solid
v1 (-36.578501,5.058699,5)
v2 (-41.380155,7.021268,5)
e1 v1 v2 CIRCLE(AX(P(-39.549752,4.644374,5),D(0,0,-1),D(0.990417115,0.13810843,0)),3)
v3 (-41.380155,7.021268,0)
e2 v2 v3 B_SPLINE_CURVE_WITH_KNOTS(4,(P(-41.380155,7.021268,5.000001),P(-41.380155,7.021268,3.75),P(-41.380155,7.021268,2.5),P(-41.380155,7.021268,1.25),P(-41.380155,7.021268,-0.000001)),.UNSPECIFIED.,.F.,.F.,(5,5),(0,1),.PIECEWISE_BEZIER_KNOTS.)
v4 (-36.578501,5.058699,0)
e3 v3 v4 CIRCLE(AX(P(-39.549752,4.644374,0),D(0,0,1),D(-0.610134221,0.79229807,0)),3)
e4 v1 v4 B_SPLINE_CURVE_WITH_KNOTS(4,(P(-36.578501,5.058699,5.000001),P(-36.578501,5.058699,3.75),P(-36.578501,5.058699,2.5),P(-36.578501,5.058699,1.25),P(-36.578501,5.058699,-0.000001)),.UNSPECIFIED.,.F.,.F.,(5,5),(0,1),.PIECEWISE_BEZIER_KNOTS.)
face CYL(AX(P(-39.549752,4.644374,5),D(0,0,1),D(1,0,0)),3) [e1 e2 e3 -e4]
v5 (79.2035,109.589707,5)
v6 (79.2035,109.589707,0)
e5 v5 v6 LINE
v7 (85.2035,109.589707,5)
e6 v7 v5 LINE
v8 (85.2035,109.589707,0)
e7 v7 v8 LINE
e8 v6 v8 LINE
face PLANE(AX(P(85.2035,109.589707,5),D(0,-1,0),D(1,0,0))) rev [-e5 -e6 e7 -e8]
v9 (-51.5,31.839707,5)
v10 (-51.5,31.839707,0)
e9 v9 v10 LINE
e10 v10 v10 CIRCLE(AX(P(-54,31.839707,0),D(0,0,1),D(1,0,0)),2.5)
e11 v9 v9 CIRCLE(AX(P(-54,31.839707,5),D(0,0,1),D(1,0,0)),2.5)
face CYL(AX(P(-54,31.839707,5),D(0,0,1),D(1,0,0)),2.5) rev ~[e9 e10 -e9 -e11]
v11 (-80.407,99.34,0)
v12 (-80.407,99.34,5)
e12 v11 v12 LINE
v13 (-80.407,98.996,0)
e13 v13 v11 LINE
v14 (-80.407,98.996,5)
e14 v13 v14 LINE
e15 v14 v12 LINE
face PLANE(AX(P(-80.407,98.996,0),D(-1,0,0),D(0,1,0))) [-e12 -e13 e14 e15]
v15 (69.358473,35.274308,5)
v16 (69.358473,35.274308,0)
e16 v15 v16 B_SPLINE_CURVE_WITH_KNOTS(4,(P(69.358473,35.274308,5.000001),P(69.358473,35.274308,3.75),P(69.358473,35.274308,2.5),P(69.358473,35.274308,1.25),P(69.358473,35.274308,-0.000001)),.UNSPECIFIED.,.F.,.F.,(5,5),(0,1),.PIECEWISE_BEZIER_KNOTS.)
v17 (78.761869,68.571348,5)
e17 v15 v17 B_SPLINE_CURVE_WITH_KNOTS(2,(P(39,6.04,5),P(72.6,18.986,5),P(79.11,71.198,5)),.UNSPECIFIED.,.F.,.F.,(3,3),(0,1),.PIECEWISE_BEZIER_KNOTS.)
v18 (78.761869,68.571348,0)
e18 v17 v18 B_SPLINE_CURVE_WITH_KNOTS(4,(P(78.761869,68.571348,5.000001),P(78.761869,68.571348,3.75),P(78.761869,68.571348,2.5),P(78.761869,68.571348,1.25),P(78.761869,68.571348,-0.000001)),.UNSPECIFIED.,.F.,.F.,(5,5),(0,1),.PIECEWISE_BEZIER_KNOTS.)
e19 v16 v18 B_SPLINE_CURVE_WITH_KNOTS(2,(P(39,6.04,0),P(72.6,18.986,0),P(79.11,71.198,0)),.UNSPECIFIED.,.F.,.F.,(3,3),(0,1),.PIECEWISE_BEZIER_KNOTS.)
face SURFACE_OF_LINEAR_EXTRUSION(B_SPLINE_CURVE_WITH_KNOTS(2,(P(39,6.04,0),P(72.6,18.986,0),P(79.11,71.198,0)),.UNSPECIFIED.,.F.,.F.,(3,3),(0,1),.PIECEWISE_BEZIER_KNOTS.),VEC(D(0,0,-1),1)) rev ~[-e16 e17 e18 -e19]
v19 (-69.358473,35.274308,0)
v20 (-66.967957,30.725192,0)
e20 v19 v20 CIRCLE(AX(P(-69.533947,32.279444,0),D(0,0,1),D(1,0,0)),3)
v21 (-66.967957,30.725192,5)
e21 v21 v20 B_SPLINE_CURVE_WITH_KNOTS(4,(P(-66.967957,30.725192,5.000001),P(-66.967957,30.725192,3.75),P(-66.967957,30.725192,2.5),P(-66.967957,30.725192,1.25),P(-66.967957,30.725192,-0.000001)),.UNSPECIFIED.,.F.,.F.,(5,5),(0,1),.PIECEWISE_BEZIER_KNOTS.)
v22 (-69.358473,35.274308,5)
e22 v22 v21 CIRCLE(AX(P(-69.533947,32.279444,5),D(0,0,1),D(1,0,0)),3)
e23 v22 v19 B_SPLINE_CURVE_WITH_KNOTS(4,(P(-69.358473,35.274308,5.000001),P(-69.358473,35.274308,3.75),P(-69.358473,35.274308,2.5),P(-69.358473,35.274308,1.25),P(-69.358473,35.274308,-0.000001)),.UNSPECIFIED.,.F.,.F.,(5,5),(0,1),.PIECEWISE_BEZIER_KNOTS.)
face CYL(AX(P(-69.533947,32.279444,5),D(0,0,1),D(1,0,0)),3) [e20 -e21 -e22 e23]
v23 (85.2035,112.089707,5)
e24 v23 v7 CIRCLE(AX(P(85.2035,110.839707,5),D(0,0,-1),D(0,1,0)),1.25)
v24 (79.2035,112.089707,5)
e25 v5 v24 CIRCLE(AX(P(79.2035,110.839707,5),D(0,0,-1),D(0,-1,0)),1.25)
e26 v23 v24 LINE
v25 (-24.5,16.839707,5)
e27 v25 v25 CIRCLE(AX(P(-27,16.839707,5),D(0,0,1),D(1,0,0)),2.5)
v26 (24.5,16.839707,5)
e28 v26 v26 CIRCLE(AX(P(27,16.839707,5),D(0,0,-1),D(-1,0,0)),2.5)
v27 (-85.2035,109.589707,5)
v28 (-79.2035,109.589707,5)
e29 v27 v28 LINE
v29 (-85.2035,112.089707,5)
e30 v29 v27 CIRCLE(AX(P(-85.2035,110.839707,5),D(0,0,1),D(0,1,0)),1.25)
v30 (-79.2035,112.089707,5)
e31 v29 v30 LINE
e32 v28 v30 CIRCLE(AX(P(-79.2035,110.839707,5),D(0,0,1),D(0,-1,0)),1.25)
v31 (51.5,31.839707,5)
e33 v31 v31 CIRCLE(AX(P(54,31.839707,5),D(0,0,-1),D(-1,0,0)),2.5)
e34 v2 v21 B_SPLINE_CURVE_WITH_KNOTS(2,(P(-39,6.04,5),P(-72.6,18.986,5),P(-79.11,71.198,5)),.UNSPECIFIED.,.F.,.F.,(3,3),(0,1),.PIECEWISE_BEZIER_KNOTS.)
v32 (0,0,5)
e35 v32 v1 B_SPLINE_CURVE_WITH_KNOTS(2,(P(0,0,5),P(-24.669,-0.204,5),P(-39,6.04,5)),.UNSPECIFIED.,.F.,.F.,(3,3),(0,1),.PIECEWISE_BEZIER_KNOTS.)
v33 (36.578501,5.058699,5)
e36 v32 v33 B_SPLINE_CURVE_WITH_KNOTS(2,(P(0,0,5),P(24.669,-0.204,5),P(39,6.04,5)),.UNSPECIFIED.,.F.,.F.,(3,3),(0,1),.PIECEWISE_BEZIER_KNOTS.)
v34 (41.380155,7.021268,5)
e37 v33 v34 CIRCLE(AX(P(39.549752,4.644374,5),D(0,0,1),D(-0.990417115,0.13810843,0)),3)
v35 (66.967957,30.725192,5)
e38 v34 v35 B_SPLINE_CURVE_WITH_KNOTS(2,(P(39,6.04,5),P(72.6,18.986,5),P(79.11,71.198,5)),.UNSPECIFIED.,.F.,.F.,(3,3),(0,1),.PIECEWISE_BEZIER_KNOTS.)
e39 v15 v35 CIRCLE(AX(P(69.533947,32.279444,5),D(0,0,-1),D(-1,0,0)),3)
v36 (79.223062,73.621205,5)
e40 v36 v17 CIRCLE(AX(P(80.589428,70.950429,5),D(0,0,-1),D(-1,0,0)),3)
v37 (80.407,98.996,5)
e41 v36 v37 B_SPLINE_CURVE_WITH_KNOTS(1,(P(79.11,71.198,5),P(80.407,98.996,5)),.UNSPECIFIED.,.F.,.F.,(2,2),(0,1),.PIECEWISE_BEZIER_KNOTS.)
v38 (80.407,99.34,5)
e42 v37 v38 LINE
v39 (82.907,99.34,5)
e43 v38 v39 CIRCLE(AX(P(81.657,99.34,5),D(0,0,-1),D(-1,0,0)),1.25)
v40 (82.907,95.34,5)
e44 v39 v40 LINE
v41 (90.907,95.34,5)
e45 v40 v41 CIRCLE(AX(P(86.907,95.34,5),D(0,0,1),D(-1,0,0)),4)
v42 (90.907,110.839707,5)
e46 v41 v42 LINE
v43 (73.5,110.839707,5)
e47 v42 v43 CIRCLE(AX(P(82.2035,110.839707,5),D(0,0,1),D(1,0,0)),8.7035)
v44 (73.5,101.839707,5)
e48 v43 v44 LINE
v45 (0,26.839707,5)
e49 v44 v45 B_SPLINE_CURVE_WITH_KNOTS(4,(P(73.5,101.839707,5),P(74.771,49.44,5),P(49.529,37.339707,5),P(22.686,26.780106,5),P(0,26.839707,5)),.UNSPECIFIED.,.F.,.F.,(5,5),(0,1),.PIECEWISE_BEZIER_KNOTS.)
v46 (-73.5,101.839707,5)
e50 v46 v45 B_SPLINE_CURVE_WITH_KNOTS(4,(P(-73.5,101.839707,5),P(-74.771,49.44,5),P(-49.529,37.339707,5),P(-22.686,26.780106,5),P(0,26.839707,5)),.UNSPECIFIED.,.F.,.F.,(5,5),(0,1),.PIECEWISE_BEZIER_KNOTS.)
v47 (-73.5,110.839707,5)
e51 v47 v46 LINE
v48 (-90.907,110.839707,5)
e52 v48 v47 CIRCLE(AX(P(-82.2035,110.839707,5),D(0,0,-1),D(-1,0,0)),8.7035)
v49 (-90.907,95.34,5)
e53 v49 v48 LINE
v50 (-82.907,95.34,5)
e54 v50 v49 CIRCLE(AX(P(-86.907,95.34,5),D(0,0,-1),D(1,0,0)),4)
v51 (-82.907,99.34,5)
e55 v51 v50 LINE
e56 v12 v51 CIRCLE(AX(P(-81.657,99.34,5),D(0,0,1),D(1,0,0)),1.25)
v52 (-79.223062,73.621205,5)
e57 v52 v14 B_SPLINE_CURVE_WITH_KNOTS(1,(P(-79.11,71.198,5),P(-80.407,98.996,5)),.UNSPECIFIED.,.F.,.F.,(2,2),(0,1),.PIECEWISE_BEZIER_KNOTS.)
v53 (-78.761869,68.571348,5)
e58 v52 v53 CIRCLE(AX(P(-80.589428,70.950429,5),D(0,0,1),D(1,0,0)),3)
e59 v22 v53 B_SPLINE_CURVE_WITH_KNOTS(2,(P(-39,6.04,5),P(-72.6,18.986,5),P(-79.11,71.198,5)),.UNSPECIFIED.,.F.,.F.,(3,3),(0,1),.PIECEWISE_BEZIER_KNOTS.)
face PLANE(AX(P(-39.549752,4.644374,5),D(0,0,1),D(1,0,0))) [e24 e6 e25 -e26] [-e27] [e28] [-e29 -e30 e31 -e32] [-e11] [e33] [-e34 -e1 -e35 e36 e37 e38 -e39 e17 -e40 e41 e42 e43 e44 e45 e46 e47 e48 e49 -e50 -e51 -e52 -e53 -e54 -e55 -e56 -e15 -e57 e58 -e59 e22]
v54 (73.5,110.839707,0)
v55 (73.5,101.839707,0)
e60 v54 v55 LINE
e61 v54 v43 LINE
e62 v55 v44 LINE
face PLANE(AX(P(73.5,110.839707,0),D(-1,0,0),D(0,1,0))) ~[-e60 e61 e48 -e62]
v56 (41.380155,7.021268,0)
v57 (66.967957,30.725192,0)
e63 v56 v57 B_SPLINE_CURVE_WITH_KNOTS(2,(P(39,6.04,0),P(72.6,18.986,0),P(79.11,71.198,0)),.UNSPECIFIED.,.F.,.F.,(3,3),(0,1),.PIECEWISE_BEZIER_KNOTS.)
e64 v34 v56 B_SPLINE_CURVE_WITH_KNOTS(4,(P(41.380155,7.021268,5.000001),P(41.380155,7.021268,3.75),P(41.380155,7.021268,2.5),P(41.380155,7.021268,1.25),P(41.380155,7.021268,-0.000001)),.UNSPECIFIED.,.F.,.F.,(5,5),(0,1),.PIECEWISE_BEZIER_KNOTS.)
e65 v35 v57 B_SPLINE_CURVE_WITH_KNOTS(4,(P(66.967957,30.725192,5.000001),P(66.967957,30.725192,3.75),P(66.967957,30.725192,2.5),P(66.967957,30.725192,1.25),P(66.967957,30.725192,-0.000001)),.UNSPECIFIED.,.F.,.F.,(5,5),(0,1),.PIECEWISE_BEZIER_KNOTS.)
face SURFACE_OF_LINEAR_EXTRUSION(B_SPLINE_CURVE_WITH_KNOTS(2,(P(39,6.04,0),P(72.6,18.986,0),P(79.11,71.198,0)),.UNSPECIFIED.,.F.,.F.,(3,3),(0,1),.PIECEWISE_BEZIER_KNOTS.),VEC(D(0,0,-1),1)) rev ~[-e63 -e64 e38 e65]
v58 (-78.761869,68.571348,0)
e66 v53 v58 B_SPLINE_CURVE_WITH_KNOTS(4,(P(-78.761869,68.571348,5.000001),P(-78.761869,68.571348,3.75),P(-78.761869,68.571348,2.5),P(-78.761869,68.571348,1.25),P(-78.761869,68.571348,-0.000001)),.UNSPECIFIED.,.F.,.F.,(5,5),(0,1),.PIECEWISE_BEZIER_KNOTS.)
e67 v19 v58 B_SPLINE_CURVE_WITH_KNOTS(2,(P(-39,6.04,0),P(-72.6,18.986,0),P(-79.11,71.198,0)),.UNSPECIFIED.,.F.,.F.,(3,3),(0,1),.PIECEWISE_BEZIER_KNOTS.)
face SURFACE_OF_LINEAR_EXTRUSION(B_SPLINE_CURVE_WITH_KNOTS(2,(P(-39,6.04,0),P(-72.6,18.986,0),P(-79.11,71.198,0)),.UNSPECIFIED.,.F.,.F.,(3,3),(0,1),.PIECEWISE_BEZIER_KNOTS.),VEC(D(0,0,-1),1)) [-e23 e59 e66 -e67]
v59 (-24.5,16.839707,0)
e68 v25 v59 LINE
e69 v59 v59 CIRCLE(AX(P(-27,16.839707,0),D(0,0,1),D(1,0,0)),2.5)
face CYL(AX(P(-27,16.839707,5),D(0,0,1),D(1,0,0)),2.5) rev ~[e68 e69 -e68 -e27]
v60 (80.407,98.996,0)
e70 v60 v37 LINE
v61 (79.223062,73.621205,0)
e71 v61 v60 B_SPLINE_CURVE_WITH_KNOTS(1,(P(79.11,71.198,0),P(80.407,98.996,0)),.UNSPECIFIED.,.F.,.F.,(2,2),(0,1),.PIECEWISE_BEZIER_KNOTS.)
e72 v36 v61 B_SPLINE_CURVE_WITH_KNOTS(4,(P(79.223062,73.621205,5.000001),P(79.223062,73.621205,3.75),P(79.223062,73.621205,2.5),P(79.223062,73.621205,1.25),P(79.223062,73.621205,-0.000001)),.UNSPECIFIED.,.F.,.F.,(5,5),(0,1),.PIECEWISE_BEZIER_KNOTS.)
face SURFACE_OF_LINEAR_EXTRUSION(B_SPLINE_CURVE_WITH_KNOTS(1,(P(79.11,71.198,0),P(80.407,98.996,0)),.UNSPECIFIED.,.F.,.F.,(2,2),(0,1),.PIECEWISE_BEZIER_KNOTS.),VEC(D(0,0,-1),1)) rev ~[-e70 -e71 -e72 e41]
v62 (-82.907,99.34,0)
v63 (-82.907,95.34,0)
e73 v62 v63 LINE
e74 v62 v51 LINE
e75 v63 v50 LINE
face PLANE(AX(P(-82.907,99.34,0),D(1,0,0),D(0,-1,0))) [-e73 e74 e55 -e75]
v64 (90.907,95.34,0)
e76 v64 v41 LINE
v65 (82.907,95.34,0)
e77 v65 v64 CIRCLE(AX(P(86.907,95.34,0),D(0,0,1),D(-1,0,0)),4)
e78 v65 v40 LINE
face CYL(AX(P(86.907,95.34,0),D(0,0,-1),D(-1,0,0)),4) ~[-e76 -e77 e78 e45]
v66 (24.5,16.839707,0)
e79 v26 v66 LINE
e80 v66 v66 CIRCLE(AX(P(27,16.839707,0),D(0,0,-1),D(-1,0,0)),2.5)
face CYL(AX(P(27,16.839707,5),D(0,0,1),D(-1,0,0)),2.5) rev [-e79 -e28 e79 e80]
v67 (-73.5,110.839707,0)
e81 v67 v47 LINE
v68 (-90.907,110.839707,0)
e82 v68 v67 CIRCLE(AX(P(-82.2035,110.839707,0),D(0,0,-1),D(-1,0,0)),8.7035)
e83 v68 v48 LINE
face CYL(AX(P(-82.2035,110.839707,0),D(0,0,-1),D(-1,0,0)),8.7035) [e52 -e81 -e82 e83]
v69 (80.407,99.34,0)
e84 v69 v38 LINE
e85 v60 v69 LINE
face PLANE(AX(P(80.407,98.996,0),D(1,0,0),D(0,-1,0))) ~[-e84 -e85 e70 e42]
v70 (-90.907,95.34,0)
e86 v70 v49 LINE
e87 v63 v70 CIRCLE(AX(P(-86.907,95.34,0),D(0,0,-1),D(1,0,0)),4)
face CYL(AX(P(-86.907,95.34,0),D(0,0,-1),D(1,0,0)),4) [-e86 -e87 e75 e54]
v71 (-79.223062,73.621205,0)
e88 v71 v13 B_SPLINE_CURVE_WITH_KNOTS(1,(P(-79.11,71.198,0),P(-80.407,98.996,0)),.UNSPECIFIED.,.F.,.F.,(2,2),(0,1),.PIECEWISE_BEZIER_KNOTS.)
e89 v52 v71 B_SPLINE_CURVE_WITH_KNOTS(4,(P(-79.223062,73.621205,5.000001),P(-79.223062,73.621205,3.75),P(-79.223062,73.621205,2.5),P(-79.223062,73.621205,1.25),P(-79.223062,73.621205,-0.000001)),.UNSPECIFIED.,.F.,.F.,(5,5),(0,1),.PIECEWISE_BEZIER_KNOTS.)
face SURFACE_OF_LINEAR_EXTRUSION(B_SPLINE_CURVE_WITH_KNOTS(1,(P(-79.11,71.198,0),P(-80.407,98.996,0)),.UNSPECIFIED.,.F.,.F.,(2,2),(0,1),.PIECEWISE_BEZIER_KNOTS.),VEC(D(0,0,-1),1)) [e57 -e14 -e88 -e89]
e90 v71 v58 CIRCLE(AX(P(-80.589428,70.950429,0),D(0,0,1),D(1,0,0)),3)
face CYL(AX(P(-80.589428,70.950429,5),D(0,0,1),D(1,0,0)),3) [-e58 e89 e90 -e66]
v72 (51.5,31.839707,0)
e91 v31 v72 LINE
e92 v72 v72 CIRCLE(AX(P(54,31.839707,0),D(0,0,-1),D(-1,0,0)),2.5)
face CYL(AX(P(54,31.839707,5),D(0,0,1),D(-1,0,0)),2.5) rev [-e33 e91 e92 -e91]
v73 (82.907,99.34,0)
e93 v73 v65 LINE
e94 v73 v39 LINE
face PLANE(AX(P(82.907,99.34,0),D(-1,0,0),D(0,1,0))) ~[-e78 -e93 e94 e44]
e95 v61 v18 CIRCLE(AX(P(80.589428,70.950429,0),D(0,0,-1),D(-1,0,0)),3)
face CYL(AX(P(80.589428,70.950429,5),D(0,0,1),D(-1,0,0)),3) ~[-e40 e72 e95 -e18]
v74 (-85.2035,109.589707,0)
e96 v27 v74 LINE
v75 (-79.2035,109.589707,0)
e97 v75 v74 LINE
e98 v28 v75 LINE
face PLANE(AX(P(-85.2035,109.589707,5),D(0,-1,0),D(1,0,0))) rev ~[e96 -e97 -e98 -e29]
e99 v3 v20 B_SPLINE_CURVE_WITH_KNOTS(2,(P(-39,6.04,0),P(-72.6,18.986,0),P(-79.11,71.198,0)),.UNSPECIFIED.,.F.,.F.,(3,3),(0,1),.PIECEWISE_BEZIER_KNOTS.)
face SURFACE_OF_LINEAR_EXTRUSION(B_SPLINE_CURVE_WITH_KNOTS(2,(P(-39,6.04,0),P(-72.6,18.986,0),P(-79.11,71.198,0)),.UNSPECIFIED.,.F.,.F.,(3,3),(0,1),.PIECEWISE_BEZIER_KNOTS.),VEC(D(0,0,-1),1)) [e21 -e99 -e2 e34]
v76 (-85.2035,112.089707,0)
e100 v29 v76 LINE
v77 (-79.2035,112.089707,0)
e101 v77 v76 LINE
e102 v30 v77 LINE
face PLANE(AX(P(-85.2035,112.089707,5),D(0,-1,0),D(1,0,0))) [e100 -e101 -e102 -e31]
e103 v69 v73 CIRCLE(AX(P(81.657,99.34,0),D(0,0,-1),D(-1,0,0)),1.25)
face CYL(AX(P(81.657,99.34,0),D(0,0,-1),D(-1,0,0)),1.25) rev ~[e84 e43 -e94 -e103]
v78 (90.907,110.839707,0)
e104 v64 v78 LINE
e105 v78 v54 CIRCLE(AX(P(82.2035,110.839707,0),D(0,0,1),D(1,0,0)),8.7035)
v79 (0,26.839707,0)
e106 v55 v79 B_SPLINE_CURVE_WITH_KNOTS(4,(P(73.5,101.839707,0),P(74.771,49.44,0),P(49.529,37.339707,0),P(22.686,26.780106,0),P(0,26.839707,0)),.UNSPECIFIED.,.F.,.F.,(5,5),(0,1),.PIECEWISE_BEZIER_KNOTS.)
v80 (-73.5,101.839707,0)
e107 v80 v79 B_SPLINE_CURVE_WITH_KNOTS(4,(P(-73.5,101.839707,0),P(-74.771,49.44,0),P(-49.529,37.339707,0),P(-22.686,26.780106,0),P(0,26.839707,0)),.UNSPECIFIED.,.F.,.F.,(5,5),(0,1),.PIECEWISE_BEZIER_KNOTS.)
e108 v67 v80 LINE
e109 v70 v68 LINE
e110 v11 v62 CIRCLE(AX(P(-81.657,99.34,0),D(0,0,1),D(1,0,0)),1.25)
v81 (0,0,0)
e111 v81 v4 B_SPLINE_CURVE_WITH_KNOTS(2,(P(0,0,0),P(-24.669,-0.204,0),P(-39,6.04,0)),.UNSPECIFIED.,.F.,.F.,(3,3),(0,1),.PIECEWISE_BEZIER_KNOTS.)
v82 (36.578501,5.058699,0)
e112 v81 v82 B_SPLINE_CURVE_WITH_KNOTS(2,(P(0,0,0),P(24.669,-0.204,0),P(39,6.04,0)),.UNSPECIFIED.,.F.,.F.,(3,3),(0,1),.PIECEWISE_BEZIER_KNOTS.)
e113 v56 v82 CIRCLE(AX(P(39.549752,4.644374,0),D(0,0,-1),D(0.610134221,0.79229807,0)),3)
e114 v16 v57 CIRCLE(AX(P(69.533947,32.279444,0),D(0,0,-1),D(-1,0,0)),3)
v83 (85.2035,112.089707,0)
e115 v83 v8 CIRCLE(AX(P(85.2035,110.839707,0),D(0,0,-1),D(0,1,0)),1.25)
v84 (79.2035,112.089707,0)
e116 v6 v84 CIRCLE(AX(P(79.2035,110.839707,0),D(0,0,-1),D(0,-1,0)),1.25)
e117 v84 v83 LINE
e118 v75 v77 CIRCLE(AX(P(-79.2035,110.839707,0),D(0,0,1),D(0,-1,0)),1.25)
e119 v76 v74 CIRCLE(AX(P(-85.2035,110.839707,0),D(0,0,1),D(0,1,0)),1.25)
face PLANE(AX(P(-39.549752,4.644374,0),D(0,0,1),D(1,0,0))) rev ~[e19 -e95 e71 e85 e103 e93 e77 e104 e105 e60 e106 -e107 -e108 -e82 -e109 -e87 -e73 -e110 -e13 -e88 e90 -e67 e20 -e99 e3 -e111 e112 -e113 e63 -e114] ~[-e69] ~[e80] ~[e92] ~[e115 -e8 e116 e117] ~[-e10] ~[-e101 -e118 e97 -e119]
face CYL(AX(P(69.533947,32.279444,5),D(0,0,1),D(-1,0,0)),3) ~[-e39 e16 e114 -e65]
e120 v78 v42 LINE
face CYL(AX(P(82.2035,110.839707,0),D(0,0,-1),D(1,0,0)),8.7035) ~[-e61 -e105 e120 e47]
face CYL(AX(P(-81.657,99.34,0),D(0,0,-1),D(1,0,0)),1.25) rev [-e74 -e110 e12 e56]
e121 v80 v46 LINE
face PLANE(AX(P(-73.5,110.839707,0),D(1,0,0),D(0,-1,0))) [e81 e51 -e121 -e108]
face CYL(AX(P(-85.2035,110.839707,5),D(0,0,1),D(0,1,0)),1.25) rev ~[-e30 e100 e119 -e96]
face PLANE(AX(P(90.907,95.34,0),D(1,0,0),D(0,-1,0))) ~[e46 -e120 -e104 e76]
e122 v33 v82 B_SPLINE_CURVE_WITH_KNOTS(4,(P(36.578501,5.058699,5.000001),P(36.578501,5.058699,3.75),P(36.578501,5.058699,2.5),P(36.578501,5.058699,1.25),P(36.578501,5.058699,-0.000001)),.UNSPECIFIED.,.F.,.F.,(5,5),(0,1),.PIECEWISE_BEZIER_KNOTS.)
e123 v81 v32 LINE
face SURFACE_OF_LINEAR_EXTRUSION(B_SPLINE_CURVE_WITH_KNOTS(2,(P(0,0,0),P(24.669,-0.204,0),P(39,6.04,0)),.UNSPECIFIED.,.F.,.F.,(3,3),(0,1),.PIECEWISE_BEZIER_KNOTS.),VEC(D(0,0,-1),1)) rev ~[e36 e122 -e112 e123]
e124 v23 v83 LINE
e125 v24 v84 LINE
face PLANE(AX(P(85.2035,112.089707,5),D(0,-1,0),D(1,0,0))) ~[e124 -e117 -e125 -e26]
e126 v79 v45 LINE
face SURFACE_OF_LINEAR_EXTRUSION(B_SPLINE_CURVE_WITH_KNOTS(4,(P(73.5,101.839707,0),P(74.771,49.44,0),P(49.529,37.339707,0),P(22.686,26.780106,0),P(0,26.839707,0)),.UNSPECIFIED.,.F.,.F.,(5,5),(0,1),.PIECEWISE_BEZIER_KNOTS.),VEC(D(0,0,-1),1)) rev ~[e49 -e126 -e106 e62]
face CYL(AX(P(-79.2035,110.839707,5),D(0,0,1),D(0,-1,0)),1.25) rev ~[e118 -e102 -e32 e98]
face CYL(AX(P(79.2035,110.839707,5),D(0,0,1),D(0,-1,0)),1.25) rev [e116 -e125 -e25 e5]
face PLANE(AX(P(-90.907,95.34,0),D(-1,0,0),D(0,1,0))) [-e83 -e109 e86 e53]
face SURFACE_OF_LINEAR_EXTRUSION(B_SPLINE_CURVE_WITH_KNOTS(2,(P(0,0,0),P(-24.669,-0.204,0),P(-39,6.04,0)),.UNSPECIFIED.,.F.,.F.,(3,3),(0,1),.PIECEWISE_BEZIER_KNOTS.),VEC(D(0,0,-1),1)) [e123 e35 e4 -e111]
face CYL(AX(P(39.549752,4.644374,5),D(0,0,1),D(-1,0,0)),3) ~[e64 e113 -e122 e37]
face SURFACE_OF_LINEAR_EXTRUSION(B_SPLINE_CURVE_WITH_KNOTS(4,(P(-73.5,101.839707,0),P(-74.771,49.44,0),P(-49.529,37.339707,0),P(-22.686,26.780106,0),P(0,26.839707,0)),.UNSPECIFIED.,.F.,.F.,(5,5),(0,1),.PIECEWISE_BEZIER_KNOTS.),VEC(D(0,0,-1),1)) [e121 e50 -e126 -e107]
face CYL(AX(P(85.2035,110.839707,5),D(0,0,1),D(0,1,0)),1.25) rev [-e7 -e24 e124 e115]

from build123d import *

# Parameters (mm, degrees)
PAD_DEPTH       = 5
POCKET_DEPTH    = 5.001
SKETCH137_R     = 3
PAD001_DEPTH    = 5
SKETCH_R        = 2.5
POCKET001_DEPTH = 5.001


with BuildPart() as body:
    # Sketch135 → Pad (new body)
    with BuildSketch(Plane.XY):
        with BuildLine():
            add(Edge.make_bspline(
                [(-73.5, 101.839707), (-74.771, 49.44), (-49.529, 37.339707), (-22.686, 26.780106), (0, 26.839707)],
                knots=[0, 0, 0, 0, 0, 1, 1, 1, 1, 1], degree=4))
            Line((0, 26.839707), (0, 0))
            add(Edge.make_bspline(
                [(0, 0), (-24.669, -0.204), (-39, 6.04)],
                knots=[0, 0, 0, 1, 1, 1], degree=2))
            add(Edge.make_bspline(
                [(-39, 6.04), (-72.6, 18.986), (-79.11, 71.198)],
                knots=[0, 0, 0, 1, 1, 1], degree=2))
            add(Edge.make_bspline(
                [(-79.11, 71.198), (-80.407, 98.996)],
                knots=[0, 0, 1, 1], degree=1))
            Line((-80.407, 98.996), (-80.407, 99.34))
            ThreePointArc((-80.407, 99.34), (-81.657, 100.59), (-82.907, 99.34))
            Line((-82.907, 99.34), (-82.907, 95.34))
            ThreePointArc((-82.907, 95.34), (-86.907, 91.34), (-90.907, 95.34))
            Line((-90.907, 95.34), (-90.907, 110.839707))
            ThreePointArc((-90.907, 110.839707), (-82.2035, 119.543207), (-73.5, 110.839707))
            Line((-73.5, 110.839707), (-73.5, 101.839707))
        make_face()
    extrude(amount=PAD_DEPTH)

    # Sketch136 (on Face14 of Pad) → Pocket (cut, through all)
    with BuildSketch(Plane.XY.offset(5)):
        with BuildLine():
            ThreePointArc((-85.2035, 112.089707), (-86.4535, 110.839707), (-85.2035, 109.589707))
            Line((-85.2035, 109.589707), (-79.2035, 109.589707))
            ThreePointArc((-79.2035, 109.589707), (-77.9535, 110.839707), (-79.2035, 112.089707))
            Line((-85.2035, 112.089707), (-79.2035, 112.089707))
        make_face()
    extrude(amount=-POCKET_DEPTH, mode=Mode.SUBTRACT)

    # Sketch137 (on Face5 of Pocket) → Pad001 (join)
    with BuildSketch(Plane.XY.offset(5)):
        with Locations((-39.549752, 4.644374)):
            Circle(SKETCH137_R)
        with Locations((-80.589428, 70.950429)):
            Circle(SKETCH137_R)
        with Locations((-69.533947, 32.279444)):
            Circle(SKETCH137_R)
    extrude(amount=-PAD001_DEPTH)

    # Sketch (on Face23 of Pad001) → Pocket001 (cut, through all)
    with BuildSketch(Plane.XY.offset(5)):
        with Locations((-27, 16.839707)):
            Circle(SKETCH_R)
        with Locations((-54, 31.839707)):
            Circle(SKETCH_R)
    extrude(amount=-POCKET001_DEPTH, mode=Mode.SUBTRACT)


with BuildPart() as fusion:
    # Part__Mirroring: instance of Body
    add(body.part.mirror(Plane(origin=(0, 0, 0), x_dir=(0, -1, 0), z_dir=(1, 0, 0))))

    # Fusion: union Body
    add(body.part)


solid = fusion.part
